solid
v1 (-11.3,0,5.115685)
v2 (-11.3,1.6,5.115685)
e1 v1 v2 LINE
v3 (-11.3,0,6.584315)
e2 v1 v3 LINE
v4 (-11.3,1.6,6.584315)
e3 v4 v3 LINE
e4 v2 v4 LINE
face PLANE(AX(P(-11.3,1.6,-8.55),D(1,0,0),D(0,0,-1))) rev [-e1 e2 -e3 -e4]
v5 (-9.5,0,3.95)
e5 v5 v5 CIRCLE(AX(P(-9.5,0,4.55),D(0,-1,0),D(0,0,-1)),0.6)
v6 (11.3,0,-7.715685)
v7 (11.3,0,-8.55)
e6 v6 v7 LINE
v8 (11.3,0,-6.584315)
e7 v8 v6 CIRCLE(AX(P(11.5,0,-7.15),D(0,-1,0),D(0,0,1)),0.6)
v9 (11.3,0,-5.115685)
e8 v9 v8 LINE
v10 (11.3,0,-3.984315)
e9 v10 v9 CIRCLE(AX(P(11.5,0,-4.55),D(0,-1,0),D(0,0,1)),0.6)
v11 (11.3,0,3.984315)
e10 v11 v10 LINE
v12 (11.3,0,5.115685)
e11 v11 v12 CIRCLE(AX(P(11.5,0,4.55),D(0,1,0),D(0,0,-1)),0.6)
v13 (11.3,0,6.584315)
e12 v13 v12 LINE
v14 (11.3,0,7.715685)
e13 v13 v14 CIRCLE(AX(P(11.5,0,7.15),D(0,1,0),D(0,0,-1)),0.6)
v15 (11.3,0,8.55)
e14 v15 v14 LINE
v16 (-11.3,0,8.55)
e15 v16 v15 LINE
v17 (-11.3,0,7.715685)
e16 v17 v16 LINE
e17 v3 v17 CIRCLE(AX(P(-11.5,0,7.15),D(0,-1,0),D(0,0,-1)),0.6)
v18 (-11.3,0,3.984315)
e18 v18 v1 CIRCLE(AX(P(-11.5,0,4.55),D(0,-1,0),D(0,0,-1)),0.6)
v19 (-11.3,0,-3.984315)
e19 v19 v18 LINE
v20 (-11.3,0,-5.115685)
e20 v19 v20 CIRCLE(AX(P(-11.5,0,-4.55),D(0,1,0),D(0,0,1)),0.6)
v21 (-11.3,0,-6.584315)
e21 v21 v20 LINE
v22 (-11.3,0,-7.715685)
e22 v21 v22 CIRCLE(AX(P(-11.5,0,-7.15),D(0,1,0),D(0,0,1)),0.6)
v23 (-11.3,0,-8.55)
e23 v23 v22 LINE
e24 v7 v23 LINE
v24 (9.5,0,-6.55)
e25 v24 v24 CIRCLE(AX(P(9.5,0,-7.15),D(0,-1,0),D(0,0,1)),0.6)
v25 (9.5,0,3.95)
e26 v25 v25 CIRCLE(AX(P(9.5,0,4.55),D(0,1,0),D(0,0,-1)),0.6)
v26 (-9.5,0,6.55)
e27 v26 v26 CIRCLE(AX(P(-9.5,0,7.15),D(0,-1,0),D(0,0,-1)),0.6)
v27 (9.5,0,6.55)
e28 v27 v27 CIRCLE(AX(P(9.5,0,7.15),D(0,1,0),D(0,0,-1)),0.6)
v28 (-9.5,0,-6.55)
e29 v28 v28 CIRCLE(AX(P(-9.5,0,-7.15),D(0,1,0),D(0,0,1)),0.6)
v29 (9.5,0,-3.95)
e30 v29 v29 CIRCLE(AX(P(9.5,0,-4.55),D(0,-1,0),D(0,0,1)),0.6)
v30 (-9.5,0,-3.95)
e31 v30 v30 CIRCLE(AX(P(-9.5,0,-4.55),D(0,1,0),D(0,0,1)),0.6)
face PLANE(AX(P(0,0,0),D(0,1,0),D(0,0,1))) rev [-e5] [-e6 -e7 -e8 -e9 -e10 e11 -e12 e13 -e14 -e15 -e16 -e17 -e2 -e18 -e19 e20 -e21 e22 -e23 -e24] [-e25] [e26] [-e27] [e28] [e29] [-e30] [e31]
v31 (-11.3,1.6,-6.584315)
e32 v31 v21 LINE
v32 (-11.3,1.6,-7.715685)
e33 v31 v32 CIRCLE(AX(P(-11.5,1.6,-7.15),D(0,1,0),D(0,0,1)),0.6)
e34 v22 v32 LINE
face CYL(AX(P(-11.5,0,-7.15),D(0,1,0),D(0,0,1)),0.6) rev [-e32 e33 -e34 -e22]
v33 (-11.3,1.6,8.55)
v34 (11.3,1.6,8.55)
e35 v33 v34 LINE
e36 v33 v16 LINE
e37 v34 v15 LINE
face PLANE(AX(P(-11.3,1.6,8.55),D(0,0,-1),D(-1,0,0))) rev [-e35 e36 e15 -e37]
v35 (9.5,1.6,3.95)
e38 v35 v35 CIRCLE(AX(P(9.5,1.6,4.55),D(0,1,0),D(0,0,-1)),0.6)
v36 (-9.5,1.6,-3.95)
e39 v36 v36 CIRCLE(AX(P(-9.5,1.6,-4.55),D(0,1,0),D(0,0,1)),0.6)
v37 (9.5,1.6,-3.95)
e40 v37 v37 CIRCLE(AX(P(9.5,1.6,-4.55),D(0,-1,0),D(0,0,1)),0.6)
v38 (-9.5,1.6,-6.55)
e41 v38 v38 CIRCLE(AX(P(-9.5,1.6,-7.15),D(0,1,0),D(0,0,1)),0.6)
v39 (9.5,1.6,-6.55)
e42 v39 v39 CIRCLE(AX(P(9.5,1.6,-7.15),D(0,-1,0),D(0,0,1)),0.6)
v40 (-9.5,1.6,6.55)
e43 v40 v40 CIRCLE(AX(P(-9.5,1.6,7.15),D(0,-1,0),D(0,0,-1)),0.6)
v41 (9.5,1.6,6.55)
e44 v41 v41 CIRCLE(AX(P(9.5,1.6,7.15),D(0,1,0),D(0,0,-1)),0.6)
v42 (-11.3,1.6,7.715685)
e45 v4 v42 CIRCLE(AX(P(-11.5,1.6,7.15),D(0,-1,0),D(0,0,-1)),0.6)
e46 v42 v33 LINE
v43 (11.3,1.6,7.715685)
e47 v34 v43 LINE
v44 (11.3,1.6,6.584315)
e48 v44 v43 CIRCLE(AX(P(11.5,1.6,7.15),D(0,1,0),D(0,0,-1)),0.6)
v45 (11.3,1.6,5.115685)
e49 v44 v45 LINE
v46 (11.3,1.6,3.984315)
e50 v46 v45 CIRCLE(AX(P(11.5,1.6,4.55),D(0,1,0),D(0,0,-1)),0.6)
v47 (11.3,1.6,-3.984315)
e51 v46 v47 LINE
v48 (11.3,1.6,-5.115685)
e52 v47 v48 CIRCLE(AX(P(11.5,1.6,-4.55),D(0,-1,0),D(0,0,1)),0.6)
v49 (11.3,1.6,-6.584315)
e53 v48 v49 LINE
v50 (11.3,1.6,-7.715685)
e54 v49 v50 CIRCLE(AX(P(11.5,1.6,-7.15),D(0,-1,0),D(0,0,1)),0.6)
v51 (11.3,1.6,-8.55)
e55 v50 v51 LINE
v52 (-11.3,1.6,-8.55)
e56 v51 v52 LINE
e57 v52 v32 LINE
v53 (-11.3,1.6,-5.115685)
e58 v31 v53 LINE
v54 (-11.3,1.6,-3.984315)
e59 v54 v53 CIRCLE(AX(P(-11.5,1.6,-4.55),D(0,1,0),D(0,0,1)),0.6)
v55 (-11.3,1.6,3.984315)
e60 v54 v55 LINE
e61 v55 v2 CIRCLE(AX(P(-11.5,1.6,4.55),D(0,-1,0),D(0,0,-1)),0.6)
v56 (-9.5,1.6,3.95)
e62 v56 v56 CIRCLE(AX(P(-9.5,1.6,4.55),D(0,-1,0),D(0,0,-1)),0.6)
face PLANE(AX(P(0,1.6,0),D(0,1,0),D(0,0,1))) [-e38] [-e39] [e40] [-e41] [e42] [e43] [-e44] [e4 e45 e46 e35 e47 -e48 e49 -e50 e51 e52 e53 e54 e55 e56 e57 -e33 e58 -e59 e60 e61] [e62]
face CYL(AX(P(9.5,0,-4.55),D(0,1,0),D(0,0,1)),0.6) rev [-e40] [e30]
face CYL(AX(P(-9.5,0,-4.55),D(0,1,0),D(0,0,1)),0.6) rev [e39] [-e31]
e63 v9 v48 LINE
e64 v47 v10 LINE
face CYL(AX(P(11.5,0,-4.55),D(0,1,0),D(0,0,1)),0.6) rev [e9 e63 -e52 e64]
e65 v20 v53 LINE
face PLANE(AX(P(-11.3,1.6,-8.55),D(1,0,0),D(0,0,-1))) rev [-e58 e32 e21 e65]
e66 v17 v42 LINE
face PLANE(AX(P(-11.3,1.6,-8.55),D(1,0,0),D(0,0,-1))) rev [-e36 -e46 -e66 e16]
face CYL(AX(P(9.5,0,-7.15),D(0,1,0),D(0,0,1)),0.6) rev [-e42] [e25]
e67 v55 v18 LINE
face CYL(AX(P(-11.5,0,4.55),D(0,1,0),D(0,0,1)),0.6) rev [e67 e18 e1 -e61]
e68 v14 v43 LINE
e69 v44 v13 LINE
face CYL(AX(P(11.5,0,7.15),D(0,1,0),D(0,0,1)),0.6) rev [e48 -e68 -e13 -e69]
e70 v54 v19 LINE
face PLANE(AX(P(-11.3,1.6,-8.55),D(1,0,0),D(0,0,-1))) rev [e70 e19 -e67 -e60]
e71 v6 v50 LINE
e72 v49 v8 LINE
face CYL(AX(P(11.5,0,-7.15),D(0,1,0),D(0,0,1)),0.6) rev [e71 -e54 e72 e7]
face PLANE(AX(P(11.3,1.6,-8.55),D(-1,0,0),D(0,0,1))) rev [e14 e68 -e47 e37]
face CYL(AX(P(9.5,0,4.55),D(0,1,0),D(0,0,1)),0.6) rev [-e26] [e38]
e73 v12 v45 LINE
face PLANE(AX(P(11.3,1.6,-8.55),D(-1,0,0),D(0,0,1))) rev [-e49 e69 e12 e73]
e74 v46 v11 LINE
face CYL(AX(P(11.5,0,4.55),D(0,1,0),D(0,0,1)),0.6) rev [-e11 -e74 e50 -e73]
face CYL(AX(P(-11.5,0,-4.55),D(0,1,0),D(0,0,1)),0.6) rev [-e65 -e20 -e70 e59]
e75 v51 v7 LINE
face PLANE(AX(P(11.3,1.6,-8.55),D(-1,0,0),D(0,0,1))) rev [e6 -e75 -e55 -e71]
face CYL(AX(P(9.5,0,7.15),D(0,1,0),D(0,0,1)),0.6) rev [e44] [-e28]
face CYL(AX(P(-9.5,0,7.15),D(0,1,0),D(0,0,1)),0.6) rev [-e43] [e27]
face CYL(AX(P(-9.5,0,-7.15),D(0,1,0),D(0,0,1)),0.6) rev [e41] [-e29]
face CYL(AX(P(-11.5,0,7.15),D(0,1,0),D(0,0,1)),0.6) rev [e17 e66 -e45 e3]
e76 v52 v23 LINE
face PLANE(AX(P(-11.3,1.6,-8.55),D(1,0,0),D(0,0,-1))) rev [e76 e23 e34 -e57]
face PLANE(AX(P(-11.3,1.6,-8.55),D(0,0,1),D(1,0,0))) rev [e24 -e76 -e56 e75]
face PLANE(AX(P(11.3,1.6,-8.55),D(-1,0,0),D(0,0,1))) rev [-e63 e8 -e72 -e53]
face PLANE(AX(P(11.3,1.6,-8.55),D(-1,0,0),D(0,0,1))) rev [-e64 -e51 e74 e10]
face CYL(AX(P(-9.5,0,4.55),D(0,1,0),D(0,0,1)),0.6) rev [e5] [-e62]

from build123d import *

# Parameters (mm, degrees)
SKETCH1_W                       = 22.6
SKETCH1_H                       = 17.1
MAIN_BODY_DEPTH                 = 1.6
SKETCH2_R                       = 0.6
SOLDERED_CONNECTION_HOLES_DEPTH = 2.6
LPATTERN1_COUNT                 = 2
LPATTERN1_PITCH                 = 2
MIRROR1_COPY_1_SKETCH_R         = 0.6
MIRROR1_COPY_1_DEPTH            = 2.6
MIRROR2_COPY_1_SKETCH_R         = 0.6
MIRROR2_COPY_1_DEPTH            = 2.6
MIRROR2_COPY_2_SKETCH_R         = 0.6
MIRROR2_COPY_2_DEPTH            = 2.6
MIRROR2_COPY_3_SKETCH_R         = 0.6
MIRROR2_COPY_3_DEPTH            = 2.6


with BuildPart() as part:
    # Sketch1 → MAIN BODY (new body)
    with BuildSketch(Plane(origin=(0, 0, 0), x_dir=(1, 0, 0), z_dir=(0, 1, 0))):
        Rectangle(SKETCH1_W, SKETCH1_H)
    extrude(amount=MAIN_BODY_DEPTH)

    # Sketch2 → SOLDERED CONNECTION HOLES (cut, through all)
    with BuildSketch(Plane(origin=(0, 1.6, 0), x_dir=(1, 0, 0), z_dir=(0, 1, 0))):
        with Locations((-9.5, 7.15)):
            Circle(SKETCH2_R)
        with Locations((-9.5, 4.55)):
            Circle(SKETCH2_R)
    soldered_connection_holes = extrude(amount=-SOLDERED_CONNECTION_HOLES_DEPTH, mode=Mode.SUBTRACT)

    # LPattern1: SOLDERED CONNECTION HOLES ×2
    with Locations(*[(-i * LPATTERN1_PITCH, 0, 0) for i in range(1, LPATTERN1_COUNT)]):
        add(soldered_connection_holes, mode=Mode.SUBTRACT)

    # Mirror1: SOLDERED CONNECTION HOLES across plane
    add(soldered_connection_holes.mirror(Plane(origin=(0, 0, 0), x_dir=(0, 0, 1), z_dir=(1, 0, 0))), mode=Mode.SUBTRACT)

    # Mirror1 copy 1 sketch → Mirror1 copy 1 (cut, through all)
    with BuildSketch(Plane(origin=(2, 1.6, 0), x_dir=(-1, 0, 0), z_dir=(0, 1, 0))):
        with Locations((-9.5, -7.15)):
            Circle(MIRROR1_COPY_1_SKETCH_R)
        with Locations((-9.5, -4.55)):
            Circle(MIRROR1_COPY_1_SKETCH_R)
    extrude(amount=-MIRROR1_COPY_1_DEPTH, mode=Mode.SUBTRACT)

    # Mirror2: SOLDERED CONNECTION HOLES across plane
    add(soldered_connection_holes.mirror(Plane.XY), mode=Mode.SUBTRACT)

    # Mirror2 copy 1 sketch → Mirror2 copy 1 (cut, through all)
    with BuildSketch(Plane(origin=(-2, 1.6, 0), x_dir=(1, 0, 0), z_dir=(0, 1, 0))):
        with Locations((-9.5, -7.15)):
            Circle(MIRROR2_COPY_1_SKETCH_R)
        with Locations((-9.5, -4.55)):
            Circle(MIRROR2_COPY_1_SKETCH_R)
    extrude(amount=-MIRROR2_COPY_1_DEPTH, mode=Mode.SUBTRACT)

    # Mirror2 copy 2 sketch → Mirror2 copy 2 (cut, through all)
    with BuildSketch(Plane(origin=(0, 1.6, 0), x_dir=(-1, 0, 0), z_dir=(0, 1, 0))):
        with Locations((-9.5, 7.15)):
            Circle(MIRROR2_COPY_2_SKETCH_R)
        with Locations((-9.5, 4.55)):
            Circle(MIRROR2_COPY_2_SKETCH_R)
    extrude(amount=-MIRROR2_COPY_2_DEPTH, mode=Mode.SUBTRACT)

    # Mirror2 copy 3 sketch → Mirror2 copy 3 (cut, through all)
    with BuildSketch(Plane(origin=(2, 1.6, 0), x_dir=(-1, 0, 0), z_dir=(0, 1, 0))):
        with Locations((-9.5, 7.15)):
            Circle(MIRROR2_COPY_3_SKETCH_R)
        with Locations((-9.5, 4.55)):
            Circle(MIRROR2_COPY_3_SKETCH_R)
    extrude(amount=-MIRROR2_COPY_3_DEPTH, mode=Mode.SUBTRACT)


solid = part.part
